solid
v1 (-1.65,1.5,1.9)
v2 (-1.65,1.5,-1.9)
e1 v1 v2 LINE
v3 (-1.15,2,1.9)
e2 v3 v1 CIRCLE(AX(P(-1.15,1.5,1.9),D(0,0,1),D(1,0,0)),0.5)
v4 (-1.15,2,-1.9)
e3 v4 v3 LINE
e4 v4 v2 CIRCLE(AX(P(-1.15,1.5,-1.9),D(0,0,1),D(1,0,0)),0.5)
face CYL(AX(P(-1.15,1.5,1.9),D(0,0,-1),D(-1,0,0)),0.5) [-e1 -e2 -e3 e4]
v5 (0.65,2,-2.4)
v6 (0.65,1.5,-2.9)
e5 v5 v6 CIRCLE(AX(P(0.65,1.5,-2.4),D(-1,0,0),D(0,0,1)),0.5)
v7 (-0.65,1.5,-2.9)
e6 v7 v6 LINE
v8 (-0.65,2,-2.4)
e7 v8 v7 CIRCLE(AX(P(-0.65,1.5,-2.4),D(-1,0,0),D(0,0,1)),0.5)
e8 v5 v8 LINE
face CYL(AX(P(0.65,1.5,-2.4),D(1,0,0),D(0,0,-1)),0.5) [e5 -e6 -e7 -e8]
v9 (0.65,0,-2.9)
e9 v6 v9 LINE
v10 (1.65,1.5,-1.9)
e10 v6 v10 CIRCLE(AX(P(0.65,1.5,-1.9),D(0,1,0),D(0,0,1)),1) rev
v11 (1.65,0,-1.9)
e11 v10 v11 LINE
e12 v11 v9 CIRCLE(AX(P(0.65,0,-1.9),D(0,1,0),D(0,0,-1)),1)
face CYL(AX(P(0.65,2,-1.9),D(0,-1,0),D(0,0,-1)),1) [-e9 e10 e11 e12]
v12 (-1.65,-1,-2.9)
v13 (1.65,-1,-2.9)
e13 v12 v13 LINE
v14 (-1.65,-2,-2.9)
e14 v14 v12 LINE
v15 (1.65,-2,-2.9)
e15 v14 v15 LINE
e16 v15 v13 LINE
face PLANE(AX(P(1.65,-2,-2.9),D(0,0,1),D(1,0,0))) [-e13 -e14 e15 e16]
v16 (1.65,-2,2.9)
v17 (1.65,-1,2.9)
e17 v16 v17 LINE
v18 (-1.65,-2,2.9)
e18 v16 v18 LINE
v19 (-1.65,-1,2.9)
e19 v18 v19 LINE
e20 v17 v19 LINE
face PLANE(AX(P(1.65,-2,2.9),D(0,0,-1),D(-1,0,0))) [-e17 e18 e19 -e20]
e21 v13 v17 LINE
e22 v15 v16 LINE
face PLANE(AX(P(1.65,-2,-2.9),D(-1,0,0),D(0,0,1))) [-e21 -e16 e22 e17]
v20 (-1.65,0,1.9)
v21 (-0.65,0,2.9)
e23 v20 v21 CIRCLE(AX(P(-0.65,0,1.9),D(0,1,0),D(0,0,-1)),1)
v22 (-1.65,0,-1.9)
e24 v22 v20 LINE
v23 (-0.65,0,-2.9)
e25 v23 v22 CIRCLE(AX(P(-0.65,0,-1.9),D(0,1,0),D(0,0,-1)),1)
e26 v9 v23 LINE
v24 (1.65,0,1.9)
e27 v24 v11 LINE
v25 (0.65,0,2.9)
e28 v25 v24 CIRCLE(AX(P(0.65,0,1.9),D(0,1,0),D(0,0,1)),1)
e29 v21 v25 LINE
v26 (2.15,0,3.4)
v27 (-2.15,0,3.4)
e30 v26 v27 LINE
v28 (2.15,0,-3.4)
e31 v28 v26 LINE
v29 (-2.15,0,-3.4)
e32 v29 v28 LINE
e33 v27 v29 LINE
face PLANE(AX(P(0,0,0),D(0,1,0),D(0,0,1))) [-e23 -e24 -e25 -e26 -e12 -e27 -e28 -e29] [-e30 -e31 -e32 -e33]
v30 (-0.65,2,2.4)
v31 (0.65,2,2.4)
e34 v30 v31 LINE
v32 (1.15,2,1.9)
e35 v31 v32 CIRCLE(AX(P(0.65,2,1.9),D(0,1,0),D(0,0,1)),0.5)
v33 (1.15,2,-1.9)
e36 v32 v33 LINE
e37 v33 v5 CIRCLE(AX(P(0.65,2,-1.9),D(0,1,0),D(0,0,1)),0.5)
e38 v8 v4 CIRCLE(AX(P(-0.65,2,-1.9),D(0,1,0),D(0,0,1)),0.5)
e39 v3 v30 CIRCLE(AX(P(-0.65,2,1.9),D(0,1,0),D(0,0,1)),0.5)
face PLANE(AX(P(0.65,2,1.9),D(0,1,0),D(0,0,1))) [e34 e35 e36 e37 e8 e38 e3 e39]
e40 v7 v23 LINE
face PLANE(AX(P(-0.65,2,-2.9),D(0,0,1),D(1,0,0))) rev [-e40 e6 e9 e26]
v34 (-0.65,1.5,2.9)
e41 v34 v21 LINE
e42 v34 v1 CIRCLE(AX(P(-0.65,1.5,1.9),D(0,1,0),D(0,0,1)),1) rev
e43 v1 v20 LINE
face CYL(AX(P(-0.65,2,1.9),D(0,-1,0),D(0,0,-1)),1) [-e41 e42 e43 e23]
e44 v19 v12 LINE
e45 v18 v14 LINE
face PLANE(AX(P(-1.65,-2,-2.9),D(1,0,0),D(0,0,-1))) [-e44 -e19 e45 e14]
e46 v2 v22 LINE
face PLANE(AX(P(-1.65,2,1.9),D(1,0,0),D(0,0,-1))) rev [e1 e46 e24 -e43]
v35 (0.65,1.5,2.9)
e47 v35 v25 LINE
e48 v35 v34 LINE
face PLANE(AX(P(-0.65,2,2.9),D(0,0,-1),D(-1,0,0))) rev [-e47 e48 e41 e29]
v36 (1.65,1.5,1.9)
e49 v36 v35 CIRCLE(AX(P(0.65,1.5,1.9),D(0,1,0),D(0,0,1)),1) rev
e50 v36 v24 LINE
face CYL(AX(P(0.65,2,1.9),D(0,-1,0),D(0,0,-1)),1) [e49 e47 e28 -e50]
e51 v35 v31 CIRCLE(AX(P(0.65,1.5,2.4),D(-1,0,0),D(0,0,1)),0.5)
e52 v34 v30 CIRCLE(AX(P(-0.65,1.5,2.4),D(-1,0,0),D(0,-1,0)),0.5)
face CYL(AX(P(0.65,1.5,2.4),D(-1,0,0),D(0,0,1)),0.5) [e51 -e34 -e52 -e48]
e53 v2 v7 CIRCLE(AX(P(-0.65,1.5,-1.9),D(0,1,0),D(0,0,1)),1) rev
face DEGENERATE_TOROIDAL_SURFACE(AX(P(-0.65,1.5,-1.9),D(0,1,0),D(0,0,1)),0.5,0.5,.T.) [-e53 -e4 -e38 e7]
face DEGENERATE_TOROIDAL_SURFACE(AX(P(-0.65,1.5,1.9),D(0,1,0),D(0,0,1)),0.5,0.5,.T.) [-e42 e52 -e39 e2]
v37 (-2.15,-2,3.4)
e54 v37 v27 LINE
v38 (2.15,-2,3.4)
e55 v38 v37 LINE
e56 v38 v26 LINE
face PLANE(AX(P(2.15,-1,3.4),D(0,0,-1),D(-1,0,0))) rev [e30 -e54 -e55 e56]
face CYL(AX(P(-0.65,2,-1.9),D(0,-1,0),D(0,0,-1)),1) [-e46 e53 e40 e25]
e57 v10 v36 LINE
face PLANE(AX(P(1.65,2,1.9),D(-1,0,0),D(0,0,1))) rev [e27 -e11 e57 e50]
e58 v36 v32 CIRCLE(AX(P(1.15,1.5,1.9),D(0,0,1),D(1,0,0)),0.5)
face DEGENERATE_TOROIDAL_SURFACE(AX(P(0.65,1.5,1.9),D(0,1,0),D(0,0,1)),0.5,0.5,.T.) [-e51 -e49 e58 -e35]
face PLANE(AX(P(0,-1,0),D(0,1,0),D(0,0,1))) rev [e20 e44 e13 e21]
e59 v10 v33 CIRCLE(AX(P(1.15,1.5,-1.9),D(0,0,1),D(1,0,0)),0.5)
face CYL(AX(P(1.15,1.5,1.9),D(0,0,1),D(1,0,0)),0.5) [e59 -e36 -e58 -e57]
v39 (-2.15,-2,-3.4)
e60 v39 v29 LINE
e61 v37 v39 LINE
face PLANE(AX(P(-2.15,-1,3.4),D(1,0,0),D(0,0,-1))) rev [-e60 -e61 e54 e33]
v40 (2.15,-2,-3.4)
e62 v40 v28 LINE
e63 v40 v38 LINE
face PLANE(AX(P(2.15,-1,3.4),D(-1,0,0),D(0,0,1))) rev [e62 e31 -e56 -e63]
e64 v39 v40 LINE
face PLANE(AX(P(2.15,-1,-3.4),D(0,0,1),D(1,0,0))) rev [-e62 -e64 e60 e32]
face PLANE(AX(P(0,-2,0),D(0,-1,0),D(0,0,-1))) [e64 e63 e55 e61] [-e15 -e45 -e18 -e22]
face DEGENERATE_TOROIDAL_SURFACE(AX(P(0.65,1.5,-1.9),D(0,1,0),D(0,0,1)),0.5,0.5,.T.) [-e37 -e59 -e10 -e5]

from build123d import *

# Parameters (mm, degrees)
EXTRUDE_1_DEPTH = 2
SKETCH_2_W      = 4.3
SKETCH_2_H      = 6.8
EXTRUDE_2_DEPTH = 1
SKETCH_4_W      = 4.3
SKETCH_4_H      = 6.8
SKETCH_4_W_2    = 3.3
SKETCH_4_H_2    = 5.8
EXTRUDE_3_DEPTH = 1
FILLET_1_R      = 0.5


with BuildPart() as part:
    # 草图1 → 凸台-拉伸1 (new body)
    with BuildSketch(Plane(origin=(0, 0, 0), x_dir=(1, 0, 0), z_dir=(0, 1, 0))):
        with BuildLine():
            Line((-0.65, -2.9), (0.65, -2.9))
            ThreePointArc((0.65, -2.9), (1.357106781, -2.607106781), (1.65, -1.9))
            Line((1.65, -1.9), (1.65, 1.9))
            ThreePointArc((1.65, 1.9), (1.357106781, 2.607106781), (0.65, 2.9))
            Line((0.65, 2.9), (-0.65, 2.9))
            ThreePointArc((-0.65, 2.9), (-1.357106781, 2.607106781), (-1.65, 1.9))
            Line((-1.65, 1.9), (-1.65, -1.9))
            ThreePointArc((-1.65, -1.9), (-1.357106781, -2.607106781), (-0.65, -2.9))
        make_face()
    extrude(amount=EXTRUDE_1_DEPTH)

    # 草图2 → 凸台-拉伸2 (add)
    with BuildSketch(Plane.XZ):
        Rectangle(SKETCH_2_W, SKETCH_2_H)
    extrude(amount=EXTRUDE_2_DEPTH)

    # 草图4 → 凸台-拉伸3 (add)
    with BuildSketch(Plane.XZ.offset(1)):
        Rectangle(SKETCH_4_W, SKETCH_4_H)
        Rectangle(SKETCH_4_W_2, SKETCH_4_H_2, mode=Mode.SUBTRACT)
    extrude(amount=EXTRUDE_3_DEPTH)

    # 圆角1
    fillet_1_edges = [part.edges().sort_by_distance(p)[0] for p in [
        (1.357106781, 2, -2.607106781),
        (0, 2, -2.9),
        (-1.357106781, 2, -2.607106781),
        (-1.65, 2, 0),
        (-1.357106781, 2, 2.607106781),
        (0, 2, 2.9),
        (1.357106781, 2, 2.607106781),
        (1.65, 2, 0),
    ]]
    fillet(fillet_1_edges, radius=FILLET_1_R)


solid = part.part
